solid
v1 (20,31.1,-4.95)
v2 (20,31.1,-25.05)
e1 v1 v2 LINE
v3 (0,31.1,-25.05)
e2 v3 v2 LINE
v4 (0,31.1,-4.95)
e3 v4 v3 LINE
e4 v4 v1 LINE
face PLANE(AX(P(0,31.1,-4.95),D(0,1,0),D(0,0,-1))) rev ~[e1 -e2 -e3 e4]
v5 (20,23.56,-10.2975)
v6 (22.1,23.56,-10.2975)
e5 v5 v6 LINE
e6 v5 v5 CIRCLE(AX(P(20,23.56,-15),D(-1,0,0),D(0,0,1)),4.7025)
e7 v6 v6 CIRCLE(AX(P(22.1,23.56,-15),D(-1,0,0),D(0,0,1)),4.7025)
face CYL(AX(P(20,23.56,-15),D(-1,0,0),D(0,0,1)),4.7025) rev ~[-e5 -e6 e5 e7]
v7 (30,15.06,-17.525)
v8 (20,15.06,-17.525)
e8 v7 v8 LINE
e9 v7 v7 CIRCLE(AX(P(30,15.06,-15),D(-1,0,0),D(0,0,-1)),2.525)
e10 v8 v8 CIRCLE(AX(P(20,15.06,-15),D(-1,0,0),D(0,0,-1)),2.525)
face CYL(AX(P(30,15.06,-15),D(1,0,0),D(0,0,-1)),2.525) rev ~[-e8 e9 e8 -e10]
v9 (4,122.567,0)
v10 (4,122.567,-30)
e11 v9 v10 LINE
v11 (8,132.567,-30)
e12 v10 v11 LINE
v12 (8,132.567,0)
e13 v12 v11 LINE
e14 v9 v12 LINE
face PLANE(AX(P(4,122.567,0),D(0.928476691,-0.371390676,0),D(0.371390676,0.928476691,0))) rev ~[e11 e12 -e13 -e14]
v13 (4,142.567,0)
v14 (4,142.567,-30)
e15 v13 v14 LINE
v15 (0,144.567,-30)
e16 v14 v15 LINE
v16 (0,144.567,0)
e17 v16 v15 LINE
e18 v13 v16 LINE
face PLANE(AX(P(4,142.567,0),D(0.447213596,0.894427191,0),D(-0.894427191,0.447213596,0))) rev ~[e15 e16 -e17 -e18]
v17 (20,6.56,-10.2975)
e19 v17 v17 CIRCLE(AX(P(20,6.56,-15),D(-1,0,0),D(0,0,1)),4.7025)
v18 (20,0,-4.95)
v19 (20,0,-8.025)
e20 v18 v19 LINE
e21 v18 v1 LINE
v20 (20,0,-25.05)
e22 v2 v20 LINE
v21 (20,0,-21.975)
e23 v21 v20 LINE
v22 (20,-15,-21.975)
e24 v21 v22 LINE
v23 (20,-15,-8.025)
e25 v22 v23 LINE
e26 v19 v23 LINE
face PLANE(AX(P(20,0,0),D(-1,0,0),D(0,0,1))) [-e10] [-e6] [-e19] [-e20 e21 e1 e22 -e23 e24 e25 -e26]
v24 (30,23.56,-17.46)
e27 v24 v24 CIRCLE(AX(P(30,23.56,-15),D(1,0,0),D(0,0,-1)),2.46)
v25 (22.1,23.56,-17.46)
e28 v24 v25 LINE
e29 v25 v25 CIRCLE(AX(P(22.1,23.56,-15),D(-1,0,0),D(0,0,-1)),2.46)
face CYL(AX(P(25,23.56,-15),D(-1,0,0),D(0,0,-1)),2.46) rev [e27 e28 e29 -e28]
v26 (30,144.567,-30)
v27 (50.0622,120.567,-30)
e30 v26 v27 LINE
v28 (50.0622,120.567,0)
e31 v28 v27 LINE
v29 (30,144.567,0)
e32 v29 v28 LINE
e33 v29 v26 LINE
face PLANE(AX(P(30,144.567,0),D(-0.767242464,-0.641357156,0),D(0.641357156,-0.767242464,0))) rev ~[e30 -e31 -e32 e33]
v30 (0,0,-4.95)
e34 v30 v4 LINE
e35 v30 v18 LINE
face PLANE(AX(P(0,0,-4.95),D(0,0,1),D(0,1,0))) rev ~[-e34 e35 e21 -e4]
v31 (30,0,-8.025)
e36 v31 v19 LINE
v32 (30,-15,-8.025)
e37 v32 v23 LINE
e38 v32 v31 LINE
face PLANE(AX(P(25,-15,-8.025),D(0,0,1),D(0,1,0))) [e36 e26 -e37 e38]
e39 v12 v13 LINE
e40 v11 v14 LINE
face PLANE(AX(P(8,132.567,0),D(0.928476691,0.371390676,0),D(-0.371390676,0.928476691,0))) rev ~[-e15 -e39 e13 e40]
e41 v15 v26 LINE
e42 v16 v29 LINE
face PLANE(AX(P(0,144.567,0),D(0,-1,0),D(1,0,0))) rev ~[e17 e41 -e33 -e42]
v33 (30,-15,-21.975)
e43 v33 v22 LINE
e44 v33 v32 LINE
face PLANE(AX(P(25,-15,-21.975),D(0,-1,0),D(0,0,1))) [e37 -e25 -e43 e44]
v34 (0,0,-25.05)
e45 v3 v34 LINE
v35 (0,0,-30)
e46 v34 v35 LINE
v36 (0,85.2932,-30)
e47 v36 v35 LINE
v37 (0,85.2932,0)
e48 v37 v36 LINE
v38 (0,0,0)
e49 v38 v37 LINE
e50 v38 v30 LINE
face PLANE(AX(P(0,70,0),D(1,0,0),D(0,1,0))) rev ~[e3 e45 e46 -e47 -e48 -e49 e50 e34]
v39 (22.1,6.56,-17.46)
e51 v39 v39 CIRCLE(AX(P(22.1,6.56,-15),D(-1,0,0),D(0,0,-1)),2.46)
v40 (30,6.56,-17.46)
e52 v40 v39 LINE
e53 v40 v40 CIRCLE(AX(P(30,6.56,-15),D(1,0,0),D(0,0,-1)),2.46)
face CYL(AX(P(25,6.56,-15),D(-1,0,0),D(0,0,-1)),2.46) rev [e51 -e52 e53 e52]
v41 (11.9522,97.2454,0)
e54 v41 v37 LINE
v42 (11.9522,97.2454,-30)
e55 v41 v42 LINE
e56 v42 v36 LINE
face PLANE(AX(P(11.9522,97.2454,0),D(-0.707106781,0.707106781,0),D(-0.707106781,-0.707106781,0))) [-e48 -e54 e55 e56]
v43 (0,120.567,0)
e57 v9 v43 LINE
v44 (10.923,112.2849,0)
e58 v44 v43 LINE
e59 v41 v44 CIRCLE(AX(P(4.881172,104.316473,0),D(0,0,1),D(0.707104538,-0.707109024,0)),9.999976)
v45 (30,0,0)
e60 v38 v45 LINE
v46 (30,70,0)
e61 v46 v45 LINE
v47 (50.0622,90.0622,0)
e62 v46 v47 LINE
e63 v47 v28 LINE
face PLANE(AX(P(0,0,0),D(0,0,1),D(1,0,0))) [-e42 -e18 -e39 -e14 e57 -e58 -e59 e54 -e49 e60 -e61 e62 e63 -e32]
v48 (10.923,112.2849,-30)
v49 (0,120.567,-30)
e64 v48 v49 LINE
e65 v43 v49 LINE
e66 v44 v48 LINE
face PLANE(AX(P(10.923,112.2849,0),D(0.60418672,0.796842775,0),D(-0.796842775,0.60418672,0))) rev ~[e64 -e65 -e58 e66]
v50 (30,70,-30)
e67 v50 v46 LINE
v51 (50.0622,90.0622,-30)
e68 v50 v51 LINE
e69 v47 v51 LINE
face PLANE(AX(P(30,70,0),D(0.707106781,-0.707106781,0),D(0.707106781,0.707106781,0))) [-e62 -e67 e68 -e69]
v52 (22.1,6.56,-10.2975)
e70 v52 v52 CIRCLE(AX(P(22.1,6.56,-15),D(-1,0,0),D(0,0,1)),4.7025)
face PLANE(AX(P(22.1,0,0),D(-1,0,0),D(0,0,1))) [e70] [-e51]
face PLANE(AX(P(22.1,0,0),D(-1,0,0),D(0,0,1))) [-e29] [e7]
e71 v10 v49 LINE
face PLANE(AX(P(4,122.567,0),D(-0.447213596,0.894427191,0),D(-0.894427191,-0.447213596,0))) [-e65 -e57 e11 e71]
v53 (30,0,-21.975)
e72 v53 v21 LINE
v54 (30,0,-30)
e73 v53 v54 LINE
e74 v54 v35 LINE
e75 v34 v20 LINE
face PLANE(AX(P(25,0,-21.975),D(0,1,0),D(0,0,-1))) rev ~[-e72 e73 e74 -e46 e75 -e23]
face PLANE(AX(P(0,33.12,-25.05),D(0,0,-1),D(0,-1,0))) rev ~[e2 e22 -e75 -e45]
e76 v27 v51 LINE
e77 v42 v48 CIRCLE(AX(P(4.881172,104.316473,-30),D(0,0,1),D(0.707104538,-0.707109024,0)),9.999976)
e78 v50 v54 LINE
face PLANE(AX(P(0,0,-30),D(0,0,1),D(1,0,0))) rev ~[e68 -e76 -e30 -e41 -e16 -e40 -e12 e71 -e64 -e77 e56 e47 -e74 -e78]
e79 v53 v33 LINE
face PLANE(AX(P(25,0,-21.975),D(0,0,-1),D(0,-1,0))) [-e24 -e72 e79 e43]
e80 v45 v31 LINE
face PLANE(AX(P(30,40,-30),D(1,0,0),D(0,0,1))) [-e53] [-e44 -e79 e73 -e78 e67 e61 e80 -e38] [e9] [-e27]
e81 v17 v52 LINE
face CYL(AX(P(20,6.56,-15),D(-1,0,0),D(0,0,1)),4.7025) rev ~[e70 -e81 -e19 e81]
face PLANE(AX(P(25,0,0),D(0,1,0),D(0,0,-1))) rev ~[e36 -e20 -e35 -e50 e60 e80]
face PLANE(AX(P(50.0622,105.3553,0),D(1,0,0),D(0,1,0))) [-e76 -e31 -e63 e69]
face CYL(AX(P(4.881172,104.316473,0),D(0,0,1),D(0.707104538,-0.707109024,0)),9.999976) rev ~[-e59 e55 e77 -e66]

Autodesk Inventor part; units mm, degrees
ref_plane "YZ Plane" through (0, 0, 0) normal (1, 0, 0) x (0, 1, 0)
ref_plane "XZ Plane" through (0, 0, 0) normal (0, 1, 0) x (-1, 0, 0)
ref_plane "XY Plane" through (0, 0, 0) normal (0, 0, 1) x (1, 0, 0)
sketch "Sketch1" plane through (0, 0, 0) normal (0, 0, 1) x (1, 0, 0)
  line L0 (0, 0) -> (25, 0)
  line L1 (25, 0) -> (25, 40)
  line L2 (25, 40) -> (0, 40)
  line L3 (0, 40) -> (0, 0)
  dimension "d1" = 25
  dimension "d2" = 40
  dimension "d3" = 25
extrude "Extrusion1" add sketch "Sketch1" against normal blind 30
sketch "Sketch2" plane through (25, 0, 0) normal (1, 0, 0) x (0, 0, -1)
  line L0 (0, 0) -> (30, 0) projected
  circle A0 centre (15, 6.56) radius 2.46
extrude "Extrusion2" cut sketch "Sketch2" against normal blind 30
sketch "Sketch3" plane through (0, 0, 0) normal (-1, 0, 0) x (0, 0, 1)
  line L0 (0, 0) -> (-30, 0) projected
  line L1 (-25.05, 0) -> (-4.95, 0)
  line L2 (-4.95, 0) -> (-4.95, 33.12)
  line L3 (-4.95, 33.12) -> (-25.05, 33.12)
  line L4 (-25.05, 33.12) -> (-25.05, 0)
  dimension "d11" = 20.1
extrude "Extrusion3" cut sketch "Sketch3" against normal blind 20
sketch "Sketch4" plane through (0, 0, 0) normal (0, -1, 0) x (1, 0, 0)
  line L0 (20, -4.95) -> (20, -25.05) projected
  line L1 (20, -15) -> (25, -15)
  line L2 (25, 0) -> (25, -30) projected
  line L3 (20, -8.025) -> (25, -8.025)
  line L4 (25, -8.025) -> (25, -21.975)
  line L5 (25, -21.975) -> (20, -21.975)
  line L6 (20, -21.975) -> (20, -8.025)
  line L7 (20, -8.025) -> (25, -21.975) construction
  line L8 (25, -8.025) -> (20, -21.975) construction
  line L9 (25, -12.54) -> (25, -17.46) projected
  point P0 (0, 0)
  point P1 (22.5, -15)
  dimension "d14" = 13.95
extrude "Extrusion4" add sketch "Sketch4" along normal blind 15
sketch "Sketch5" plane through (20, 0, 0) normal (-1, 0, 0) x (0, 0, 1)
  circle A0 centre (-15, 6.56) radius 2.46 projected
  circle A1 centre (-15, 6.56) radius 4.7025
  circle A2 centre (-15, 6.56) radius 2.46 projected
  circle A3 centre (-15, 6.56) radius 2.46
  point P0 (0, 0)
  dimension "d17" = 9.405
extrude "Extrusion5" cut sketch "Sketch5" against normal blind 2.1
sketch "Sketch6" plane through (25, 0, 0) normal (1, 0, 0) x (0, 0, -1)
  circle A0 centre (15, 6.56) radius 4.7025 projected
  line L0 (15, 6.56) -> (15, 23.56)
  circle A1 centre (15, 23.56) radius 2.46
  point P0 (0, 0)
  dimension "d20" = 17
  dimension "d21" = 4.92
extrude "Extrusion6" cut sketch "Sketch6" against normal blind 10 contours A1
sketch "Sketch7" plane through (20, 0, 0) normal (-1, 0, 0) x (0, 0, 1)
  circle A0 centre (-15, 23.56) radius 2.46 projected
  circle A1 centre (-15, 23.56) radius 4.7025
  point P0 (0, 0)
  dimension "d24" = 9.405
extrude "Extrusion7" cut sketch "Sketch7" against normal blind 2.1
sketch "Sketch9" plane through (25, 0, 0) normal (1, 0, 0) x (0, 0, -1)
  circle A0 centre (15, 6.56) radius 2.46 projected
  circle A1 centre (15, 6.56) radius 2.46
  circle A2 centre (15, 23.56) radius 2.46 projected
  circle A3 centre (15, 23.56) radius 2.46
  line L0 (30, 40) -> (30, 0) projected
  line L1 (30, 0) -> (30, 40)
  line L2 (30, 40) -> (0, 40)
  line L3 (0, 40) -> (0, 0)
  line L4 (0, 0) -> (8.025, 0) projected
  line L5 (21.975, 0) -> (21.975, -15)
  line L6 (21.975, -15) -> (8.025, -15)
  line L7 (8.025, -15) -> (8.025, 0)
  line L8 (0, 0) -> (8.025, 0)
  line L9 (21.975, 0) -> (30, 0)
extrude "Extrusion8" add sketch "Sketch9" along normal blind 5
sketch "Sketch10" plane through (0, 40, 0) normal (0, 1, 0) x (1, 0, 0)
  line L0 (0, 30) -> (30, 30) projected
  line L1 (30, 0) -> (0, 0) projected
  line L2 (0, 30) -> (30, 30)
  line L3 (30, 30) -> (30, 0)
  line L4 (30, 0) -> (0, 0)
  line L5 (0, 0) -> (0, 30)
extrude "Extrusion9" add sketch "Sketch10" along normal blind 30
sketch "Sketch12" plane through (30, 0, 0) normal (1, 0, 0) x (0, 0, -1)
  circle A0 centre (15, 6.56) radius 2.46 projected
  line L0 (15, 6.56) -> (15, 15.06)
  circle A1 centre (15, 15.06) radius 2.525
  point P0 (0, 0)
  dimension "d31" = 8.5
  dimension "d33" = 5.05
extrude "Extrusion10" cut sketch "Sketch12" against normal blind 30 contours A1
sketch "Sketch15" plane through (0, 0, -25.05) normal (-1, 0, 0) x (0, 0, 1)
  line L0 (0, 33.12) -> (20.1, 33.12) projected
  line L1 (20.1, 33.12) -> (20.1, 0) projected
  line L2 (0, 33.12) -> (20.1, 33.12)
  line L3 (20.1, 33.12) -> (20.1, 31.1)
  line L4 (20.1, 31.1) -> (0, 31.1)
  line L5 (0, 31.1) -> (0, 33.12)
  point P0 (25.05, 0)
  dimension "d57" = 2.02
extrude "Extrusion13" add sketch "Sketch15" against normal blind 20
sketch "Sketch17" plane through (0, 0, 0) normal (0, 0, 1) x (1, 0, 0)
  line L0 (0, 70) -> (30, 70) projected
  line L1 (30, 70) -> (50.0622, 90.0622)
  line L2 (30, 70) -> (80, 70) construction
  line L3 (11.9522, 97.2454) -> (0, 85.2932)
  line L4 (0, 70) -> (0, 85.2932)
  line L5 (0, 70) -> (0, 0) projected
  line L6 (0, 70) -> (30, 70)
  line L7 (10.923, 112.2849) -> (0, 120.567)
  line L8 (50.0622, 105.3553) -> (50.0622, 120.567)
  line L9 (50.0622, 105.3553) -> (50.0622, 90.0622)
  arc A0 (11.9522, 97.2454) -> (10.923, 112.2849) centre (4.8811, 104.3165) ccw
  line L10 (0, 144.567) -> (30, 144.567)
  line L11 (30, 144.567) -> (50.0622, 120.567)
  line L12 (4, 142.567) -> (0, 144.567)
  line L13 (4, 122.567) -> (0, 120.567)
  line L14 (4, 122.567) -> (8, 132.567)
  line L15 (8, 132.567) -> (4, 142.567)
  dimension "d61" = 45
  dimension "d62" = 32.0271
  dimension "d72" = 10
extrude "Extrusion14" add sketch "Sketch17" against normal blind 30
properties part number "rec_c_20mm_x_30mm"
